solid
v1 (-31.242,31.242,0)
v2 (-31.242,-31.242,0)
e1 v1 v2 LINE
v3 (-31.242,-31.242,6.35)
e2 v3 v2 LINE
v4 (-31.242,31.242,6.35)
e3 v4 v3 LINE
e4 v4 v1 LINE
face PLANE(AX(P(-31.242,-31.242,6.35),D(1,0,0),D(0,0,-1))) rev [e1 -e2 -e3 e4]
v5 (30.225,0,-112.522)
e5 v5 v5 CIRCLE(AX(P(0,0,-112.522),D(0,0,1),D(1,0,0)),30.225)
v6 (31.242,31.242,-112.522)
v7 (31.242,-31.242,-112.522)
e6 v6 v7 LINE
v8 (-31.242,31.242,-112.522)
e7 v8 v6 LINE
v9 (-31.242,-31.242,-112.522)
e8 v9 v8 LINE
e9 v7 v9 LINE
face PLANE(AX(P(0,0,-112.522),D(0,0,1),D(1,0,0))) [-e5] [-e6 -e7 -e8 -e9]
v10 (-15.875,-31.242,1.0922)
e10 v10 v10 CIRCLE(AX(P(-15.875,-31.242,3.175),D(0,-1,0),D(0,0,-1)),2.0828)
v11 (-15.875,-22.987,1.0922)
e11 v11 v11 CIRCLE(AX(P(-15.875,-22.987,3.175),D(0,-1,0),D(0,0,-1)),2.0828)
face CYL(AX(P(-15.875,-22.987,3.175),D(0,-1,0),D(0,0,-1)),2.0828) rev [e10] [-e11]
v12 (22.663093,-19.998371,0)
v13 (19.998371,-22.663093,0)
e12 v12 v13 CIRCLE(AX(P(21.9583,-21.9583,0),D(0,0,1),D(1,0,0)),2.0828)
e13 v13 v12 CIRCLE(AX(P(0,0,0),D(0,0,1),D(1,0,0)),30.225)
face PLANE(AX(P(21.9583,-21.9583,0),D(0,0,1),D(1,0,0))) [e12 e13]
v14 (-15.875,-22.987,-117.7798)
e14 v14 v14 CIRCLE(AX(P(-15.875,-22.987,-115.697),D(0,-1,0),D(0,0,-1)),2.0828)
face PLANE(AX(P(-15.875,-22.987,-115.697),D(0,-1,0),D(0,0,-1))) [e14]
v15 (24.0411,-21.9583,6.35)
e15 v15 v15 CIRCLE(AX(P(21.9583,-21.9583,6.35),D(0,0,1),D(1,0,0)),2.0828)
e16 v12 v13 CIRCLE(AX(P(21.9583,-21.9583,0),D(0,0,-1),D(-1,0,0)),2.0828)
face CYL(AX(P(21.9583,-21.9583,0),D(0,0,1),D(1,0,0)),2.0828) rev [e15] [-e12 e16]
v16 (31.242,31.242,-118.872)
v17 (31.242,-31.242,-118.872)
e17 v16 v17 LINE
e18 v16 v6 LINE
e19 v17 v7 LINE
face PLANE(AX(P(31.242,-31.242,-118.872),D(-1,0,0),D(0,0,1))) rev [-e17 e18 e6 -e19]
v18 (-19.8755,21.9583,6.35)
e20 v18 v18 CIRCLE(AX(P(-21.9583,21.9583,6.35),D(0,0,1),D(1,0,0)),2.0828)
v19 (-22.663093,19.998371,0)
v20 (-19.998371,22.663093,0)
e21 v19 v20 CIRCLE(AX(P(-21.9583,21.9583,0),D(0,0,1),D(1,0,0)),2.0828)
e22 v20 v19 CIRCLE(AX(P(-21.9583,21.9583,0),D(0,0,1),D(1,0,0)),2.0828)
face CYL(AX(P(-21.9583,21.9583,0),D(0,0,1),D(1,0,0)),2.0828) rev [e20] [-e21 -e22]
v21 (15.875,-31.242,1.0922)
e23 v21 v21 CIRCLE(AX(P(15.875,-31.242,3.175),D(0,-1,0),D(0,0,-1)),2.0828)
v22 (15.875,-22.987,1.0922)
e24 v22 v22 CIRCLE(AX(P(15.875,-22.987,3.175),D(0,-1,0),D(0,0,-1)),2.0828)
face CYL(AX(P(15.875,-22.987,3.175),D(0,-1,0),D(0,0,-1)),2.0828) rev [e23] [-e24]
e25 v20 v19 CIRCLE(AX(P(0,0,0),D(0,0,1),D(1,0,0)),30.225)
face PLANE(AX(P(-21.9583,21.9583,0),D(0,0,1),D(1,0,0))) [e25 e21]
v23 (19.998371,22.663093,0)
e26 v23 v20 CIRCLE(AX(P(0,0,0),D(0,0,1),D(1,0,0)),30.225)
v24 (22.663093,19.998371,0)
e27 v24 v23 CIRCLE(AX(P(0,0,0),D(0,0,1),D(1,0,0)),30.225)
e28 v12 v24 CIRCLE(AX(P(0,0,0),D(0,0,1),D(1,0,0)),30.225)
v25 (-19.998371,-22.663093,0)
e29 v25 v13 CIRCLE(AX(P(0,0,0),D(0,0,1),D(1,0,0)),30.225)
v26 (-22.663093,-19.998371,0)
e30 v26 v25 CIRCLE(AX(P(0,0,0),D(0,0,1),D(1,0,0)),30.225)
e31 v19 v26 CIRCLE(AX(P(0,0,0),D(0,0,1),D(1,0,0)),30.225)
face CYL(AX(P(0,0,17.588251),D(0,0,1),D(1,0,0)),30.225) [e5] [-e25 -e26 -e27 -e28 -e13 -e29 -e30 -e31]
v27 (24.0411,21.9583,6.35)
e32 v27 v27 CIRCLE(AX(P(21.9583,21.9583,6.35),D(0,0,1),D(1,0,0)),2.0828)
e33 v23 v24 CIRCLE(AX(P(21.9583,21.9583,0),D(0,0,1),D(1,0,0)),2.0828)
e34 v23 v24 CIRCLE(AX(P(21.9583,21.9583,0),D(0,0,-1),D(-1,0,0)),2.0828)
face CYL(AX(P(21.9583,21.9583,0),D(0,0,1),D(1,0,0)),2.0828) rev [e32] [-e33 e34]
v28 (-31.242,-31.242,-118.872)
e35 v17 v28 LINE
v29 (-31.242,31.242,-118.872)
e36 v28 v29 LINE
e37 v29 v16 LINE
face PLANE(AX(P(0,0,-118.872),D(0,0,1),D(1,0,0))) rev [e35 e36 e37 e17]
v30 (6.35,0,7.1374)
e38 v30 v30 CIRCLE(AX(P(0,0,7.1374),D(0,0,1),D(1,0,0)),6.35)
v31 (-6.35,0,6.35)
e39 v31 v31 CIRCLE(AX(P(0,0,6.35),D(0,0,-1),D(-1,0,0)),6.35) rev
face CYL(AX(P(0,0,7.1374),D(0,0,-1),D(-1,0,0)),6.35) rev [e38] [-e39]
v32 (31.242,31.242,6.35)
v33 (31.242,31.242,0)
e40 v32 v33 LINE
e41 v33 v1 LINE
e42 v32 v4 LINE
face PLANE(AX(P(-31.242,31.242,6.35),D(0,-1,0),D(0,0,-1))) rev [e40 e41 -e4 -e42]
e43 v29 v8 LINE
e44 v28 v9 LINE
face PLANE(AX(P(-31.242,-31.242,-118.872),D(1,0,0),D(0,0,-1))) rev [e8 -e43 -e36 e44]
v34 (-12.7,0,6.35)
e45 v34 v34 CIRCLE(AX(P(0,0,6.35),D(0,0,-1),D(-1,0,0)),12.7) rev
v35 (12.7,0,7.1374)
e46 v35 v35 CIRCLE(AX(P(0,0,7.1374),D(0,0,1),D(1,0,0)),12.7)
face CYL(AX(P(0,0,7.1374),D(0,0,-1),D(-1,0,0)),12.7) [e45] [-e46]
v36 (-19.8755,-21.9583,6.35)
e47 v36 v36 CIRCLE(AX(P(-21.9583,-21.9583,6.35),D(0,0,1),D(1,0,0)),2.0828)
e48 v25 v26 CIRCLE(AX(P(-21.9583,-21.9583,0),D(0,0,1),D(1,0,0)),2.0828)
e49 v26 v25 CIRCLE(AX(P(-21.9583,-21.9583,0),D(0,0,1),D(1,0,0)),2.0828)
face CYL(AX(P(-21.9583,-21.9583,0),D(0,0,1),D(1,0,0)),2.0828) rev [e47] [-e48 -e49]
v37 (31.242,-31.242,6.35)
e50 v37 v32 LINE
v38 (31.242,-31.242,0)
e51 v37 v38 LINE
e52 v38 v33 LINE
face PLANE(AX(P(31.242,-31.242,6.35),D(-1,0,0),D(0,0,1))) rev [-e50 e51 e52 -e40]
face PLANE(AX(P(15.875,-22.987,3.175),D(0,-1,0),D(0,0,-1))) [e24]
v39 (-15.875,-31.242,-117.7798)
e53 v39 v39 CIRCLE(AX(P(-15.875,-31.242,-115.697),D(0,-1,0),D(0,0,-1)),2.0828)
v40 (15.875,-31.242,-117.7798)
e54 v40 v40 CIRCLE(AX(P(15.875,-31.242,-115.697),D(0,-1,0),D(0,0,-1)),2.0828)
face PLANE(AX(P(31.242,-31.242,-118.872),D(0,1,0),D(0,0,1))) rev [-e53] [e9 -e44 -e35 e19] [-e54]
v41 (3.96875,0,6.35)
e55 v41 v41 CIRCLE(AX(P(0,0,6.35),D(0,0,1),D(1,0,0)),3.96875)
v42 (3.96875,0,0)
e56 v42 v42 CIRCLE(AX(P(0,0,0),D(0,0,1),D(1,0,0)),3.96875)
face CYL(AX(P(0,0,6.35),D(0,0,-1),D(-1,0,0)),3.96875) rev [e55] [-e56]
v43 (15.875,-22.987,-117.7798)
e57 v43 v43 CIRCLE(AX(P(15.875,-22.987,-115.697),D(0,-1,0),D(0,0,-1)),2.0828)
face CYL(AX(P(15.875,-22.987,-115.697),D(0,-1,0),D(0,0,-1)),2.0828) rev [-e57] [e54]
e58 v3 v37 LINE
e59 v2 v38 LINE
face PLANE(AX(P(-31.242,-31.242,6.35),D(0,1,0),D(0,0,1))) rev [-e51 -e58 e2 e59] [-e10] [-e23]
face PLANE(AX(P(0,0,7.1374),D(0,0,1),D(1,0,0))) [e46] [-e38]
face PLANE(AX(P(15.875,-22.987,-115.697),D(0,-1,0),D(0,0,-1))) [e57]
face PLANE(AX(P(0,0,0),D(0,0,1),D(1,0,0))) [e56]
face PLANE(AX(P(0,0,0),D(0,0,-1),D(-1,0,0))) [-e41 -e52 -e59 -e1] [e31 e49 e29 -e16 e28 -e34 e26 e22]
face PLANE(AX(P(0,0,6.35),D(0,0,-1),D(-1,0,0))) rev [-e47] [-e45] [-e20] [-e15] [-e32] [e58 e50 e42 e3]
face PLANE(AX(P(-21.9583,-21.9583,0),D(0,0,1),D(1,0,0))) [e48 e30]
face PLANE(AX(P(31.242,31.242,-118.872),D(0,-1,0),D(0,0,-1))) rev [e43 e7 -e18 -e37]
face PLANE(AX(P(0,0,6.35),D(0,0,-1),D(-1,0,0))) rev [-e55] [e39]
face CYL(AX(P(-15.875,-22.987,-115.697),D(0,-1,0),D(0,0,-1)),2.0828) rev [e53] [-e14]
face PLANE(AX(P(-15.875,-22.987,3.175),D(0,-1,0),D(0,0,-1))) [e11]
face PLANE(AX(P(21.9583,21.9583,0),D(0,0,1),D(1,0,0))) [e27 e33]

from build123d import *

# Parameters (mm, degrees)
SKETCH1_W            = 112.522
SKETCH1_H            = 30.225
SKETCH2_W            = 62.484
SKETCH2_H            = 62.484
SKETCH2_R            = 3.96875
BOSS_EXTRUDE1_DEPTH  = 6.35
SKETCH3_R            = 12.7
SKETCH3_R_2          = 6.35
BOSS_EXTRUDE2_DEPTH  = 7.1374
SKETCH4_W            = 62.484
SKETCH4_H            = 62.484
BOSS_EXTRUDE3_DEPTH  = 6.35
SKETCH5_R            = 2.0828
CUT_EXTRUDE1_DEPTH   = 8.255
LPATTERN1_COUNT      = 2
LPATTERN1_PITCH      = 118.872
SKETCH6_R            = 2.0828
CUT_EXTRUDE2_DEPTH   = 6.35
LPATTERN2_COUNT      = 2
LPATTERN2_PITCH      = 43.9166
LPATTERN2_COUNT_DIR2 = 2
LPATTERN2_PITCH_DIR2 = 43.9166


with BuildPart() as part:
    # Sketch1 → Revolve1 (revolve)
    with BuildSketch(Plane(origin=(0, 0, 0), x_dir=(0, 0, -1), z_dir=(1, 0, 0)), mode=Mode.PRIVATE) as revolve1_sk:
        with Locations((56.261, -15.1125)):
            Rectangle(SKETCH1_W, SKETCH1_H)
    revolve(revolve1_sk.sketch.rotate(Axis((0, 0, 17.588251134), (0, 0, -1)), 270), axis=Axis((0, 0, 17.588251134), (0, 0, -1)))

    # Sketch2 → Boss-Extrude1 (add)
    with BuildSketch(Plane.XY):
        Rectangle(SKETCH2_W, SKETCH2_H)
        Circle(SKETCH2_R, mode=Mode.SUBTRACT)
    extrude(amount=BOSS_EXTRUDE1_DEPTH)

    # Sketch3 → Boss-Extrude2 (add)
    with BuildSketch(Plane.XY):
        with Locations(Location((0, 0, 0), (0, 0, 180))):
            Circle(SKETCH3_R)
        with Locations(Location((0, 0, 0), (0, 0, 180))):
            Circle(SKETCH3_R_2, mode=Mode.SUBTRACT)
    extrude(amount=BOSS_EXTRUDE2_DEPTH)

    # Sketch4 → Boss-Extrude3 (add)
    with BuildSketch(Plane(origin=(0, 0, -112.522), x_dir=(-1, 0, 0), z_dir=(0, 0, -1))):
        Rectangle(SKETCH4_W, SKETCH4_H)
    extrude(amount=BOSS_EXTRUDE3_DEPTH)

    # Sketch5 → Cut-Extrude1 (cut)
    with BuildSketch(Plane.XZ.offset(31.242)):
        with Locations(Location((-15.875, 3.175, 0), (0, 0, 270))):
            Circle(SKETCH5_R)
        with Locations(Location((15.875, 3.175, 0), (0, 0, 270))):
            Circle(SKETCH5_R)
    cut_extrude1 = extrude(amount=-CUT_EXTRUDE1_DEPTH, mode=Mode.SUBTRACT)

    # LPattern1: Cut-Extrude1 ×2
    with Locations(*[(0, 0, -i * LPATTERN1_PITCH) for i in range(1, LPATTERN1_COUNT)]):
        add(cut_extrude1, mode=Mode.SUBTRACT)

    # Sketch6 → Cut-Extrude2 (cut)
    with BuildSketch(Plane.XY.offset(6.35)):
        with Locations((21.9583, -21.9583)):
            Circle(SKETCH6_R)
    cut_extrude2 = extrude(amount=-CUT_EXTRUDE2_DEPTH, mode=Mode.SUBTRACT)

    # LPattern2: Cut-Extrude2 2 × 2
    with Locations(*[(-j * LPATTERN2_PITCH_DIR2, i * LPATTERN2_PITCH, 0) for i in range(LPATTERN2_COUNT) for j in range(LPATTERN2_COUNT_DIR2) if (i, j) != (0, 0)]):
        add(cut_extrude2, mode=Mode.SUBTRACT)


solid = part.part
